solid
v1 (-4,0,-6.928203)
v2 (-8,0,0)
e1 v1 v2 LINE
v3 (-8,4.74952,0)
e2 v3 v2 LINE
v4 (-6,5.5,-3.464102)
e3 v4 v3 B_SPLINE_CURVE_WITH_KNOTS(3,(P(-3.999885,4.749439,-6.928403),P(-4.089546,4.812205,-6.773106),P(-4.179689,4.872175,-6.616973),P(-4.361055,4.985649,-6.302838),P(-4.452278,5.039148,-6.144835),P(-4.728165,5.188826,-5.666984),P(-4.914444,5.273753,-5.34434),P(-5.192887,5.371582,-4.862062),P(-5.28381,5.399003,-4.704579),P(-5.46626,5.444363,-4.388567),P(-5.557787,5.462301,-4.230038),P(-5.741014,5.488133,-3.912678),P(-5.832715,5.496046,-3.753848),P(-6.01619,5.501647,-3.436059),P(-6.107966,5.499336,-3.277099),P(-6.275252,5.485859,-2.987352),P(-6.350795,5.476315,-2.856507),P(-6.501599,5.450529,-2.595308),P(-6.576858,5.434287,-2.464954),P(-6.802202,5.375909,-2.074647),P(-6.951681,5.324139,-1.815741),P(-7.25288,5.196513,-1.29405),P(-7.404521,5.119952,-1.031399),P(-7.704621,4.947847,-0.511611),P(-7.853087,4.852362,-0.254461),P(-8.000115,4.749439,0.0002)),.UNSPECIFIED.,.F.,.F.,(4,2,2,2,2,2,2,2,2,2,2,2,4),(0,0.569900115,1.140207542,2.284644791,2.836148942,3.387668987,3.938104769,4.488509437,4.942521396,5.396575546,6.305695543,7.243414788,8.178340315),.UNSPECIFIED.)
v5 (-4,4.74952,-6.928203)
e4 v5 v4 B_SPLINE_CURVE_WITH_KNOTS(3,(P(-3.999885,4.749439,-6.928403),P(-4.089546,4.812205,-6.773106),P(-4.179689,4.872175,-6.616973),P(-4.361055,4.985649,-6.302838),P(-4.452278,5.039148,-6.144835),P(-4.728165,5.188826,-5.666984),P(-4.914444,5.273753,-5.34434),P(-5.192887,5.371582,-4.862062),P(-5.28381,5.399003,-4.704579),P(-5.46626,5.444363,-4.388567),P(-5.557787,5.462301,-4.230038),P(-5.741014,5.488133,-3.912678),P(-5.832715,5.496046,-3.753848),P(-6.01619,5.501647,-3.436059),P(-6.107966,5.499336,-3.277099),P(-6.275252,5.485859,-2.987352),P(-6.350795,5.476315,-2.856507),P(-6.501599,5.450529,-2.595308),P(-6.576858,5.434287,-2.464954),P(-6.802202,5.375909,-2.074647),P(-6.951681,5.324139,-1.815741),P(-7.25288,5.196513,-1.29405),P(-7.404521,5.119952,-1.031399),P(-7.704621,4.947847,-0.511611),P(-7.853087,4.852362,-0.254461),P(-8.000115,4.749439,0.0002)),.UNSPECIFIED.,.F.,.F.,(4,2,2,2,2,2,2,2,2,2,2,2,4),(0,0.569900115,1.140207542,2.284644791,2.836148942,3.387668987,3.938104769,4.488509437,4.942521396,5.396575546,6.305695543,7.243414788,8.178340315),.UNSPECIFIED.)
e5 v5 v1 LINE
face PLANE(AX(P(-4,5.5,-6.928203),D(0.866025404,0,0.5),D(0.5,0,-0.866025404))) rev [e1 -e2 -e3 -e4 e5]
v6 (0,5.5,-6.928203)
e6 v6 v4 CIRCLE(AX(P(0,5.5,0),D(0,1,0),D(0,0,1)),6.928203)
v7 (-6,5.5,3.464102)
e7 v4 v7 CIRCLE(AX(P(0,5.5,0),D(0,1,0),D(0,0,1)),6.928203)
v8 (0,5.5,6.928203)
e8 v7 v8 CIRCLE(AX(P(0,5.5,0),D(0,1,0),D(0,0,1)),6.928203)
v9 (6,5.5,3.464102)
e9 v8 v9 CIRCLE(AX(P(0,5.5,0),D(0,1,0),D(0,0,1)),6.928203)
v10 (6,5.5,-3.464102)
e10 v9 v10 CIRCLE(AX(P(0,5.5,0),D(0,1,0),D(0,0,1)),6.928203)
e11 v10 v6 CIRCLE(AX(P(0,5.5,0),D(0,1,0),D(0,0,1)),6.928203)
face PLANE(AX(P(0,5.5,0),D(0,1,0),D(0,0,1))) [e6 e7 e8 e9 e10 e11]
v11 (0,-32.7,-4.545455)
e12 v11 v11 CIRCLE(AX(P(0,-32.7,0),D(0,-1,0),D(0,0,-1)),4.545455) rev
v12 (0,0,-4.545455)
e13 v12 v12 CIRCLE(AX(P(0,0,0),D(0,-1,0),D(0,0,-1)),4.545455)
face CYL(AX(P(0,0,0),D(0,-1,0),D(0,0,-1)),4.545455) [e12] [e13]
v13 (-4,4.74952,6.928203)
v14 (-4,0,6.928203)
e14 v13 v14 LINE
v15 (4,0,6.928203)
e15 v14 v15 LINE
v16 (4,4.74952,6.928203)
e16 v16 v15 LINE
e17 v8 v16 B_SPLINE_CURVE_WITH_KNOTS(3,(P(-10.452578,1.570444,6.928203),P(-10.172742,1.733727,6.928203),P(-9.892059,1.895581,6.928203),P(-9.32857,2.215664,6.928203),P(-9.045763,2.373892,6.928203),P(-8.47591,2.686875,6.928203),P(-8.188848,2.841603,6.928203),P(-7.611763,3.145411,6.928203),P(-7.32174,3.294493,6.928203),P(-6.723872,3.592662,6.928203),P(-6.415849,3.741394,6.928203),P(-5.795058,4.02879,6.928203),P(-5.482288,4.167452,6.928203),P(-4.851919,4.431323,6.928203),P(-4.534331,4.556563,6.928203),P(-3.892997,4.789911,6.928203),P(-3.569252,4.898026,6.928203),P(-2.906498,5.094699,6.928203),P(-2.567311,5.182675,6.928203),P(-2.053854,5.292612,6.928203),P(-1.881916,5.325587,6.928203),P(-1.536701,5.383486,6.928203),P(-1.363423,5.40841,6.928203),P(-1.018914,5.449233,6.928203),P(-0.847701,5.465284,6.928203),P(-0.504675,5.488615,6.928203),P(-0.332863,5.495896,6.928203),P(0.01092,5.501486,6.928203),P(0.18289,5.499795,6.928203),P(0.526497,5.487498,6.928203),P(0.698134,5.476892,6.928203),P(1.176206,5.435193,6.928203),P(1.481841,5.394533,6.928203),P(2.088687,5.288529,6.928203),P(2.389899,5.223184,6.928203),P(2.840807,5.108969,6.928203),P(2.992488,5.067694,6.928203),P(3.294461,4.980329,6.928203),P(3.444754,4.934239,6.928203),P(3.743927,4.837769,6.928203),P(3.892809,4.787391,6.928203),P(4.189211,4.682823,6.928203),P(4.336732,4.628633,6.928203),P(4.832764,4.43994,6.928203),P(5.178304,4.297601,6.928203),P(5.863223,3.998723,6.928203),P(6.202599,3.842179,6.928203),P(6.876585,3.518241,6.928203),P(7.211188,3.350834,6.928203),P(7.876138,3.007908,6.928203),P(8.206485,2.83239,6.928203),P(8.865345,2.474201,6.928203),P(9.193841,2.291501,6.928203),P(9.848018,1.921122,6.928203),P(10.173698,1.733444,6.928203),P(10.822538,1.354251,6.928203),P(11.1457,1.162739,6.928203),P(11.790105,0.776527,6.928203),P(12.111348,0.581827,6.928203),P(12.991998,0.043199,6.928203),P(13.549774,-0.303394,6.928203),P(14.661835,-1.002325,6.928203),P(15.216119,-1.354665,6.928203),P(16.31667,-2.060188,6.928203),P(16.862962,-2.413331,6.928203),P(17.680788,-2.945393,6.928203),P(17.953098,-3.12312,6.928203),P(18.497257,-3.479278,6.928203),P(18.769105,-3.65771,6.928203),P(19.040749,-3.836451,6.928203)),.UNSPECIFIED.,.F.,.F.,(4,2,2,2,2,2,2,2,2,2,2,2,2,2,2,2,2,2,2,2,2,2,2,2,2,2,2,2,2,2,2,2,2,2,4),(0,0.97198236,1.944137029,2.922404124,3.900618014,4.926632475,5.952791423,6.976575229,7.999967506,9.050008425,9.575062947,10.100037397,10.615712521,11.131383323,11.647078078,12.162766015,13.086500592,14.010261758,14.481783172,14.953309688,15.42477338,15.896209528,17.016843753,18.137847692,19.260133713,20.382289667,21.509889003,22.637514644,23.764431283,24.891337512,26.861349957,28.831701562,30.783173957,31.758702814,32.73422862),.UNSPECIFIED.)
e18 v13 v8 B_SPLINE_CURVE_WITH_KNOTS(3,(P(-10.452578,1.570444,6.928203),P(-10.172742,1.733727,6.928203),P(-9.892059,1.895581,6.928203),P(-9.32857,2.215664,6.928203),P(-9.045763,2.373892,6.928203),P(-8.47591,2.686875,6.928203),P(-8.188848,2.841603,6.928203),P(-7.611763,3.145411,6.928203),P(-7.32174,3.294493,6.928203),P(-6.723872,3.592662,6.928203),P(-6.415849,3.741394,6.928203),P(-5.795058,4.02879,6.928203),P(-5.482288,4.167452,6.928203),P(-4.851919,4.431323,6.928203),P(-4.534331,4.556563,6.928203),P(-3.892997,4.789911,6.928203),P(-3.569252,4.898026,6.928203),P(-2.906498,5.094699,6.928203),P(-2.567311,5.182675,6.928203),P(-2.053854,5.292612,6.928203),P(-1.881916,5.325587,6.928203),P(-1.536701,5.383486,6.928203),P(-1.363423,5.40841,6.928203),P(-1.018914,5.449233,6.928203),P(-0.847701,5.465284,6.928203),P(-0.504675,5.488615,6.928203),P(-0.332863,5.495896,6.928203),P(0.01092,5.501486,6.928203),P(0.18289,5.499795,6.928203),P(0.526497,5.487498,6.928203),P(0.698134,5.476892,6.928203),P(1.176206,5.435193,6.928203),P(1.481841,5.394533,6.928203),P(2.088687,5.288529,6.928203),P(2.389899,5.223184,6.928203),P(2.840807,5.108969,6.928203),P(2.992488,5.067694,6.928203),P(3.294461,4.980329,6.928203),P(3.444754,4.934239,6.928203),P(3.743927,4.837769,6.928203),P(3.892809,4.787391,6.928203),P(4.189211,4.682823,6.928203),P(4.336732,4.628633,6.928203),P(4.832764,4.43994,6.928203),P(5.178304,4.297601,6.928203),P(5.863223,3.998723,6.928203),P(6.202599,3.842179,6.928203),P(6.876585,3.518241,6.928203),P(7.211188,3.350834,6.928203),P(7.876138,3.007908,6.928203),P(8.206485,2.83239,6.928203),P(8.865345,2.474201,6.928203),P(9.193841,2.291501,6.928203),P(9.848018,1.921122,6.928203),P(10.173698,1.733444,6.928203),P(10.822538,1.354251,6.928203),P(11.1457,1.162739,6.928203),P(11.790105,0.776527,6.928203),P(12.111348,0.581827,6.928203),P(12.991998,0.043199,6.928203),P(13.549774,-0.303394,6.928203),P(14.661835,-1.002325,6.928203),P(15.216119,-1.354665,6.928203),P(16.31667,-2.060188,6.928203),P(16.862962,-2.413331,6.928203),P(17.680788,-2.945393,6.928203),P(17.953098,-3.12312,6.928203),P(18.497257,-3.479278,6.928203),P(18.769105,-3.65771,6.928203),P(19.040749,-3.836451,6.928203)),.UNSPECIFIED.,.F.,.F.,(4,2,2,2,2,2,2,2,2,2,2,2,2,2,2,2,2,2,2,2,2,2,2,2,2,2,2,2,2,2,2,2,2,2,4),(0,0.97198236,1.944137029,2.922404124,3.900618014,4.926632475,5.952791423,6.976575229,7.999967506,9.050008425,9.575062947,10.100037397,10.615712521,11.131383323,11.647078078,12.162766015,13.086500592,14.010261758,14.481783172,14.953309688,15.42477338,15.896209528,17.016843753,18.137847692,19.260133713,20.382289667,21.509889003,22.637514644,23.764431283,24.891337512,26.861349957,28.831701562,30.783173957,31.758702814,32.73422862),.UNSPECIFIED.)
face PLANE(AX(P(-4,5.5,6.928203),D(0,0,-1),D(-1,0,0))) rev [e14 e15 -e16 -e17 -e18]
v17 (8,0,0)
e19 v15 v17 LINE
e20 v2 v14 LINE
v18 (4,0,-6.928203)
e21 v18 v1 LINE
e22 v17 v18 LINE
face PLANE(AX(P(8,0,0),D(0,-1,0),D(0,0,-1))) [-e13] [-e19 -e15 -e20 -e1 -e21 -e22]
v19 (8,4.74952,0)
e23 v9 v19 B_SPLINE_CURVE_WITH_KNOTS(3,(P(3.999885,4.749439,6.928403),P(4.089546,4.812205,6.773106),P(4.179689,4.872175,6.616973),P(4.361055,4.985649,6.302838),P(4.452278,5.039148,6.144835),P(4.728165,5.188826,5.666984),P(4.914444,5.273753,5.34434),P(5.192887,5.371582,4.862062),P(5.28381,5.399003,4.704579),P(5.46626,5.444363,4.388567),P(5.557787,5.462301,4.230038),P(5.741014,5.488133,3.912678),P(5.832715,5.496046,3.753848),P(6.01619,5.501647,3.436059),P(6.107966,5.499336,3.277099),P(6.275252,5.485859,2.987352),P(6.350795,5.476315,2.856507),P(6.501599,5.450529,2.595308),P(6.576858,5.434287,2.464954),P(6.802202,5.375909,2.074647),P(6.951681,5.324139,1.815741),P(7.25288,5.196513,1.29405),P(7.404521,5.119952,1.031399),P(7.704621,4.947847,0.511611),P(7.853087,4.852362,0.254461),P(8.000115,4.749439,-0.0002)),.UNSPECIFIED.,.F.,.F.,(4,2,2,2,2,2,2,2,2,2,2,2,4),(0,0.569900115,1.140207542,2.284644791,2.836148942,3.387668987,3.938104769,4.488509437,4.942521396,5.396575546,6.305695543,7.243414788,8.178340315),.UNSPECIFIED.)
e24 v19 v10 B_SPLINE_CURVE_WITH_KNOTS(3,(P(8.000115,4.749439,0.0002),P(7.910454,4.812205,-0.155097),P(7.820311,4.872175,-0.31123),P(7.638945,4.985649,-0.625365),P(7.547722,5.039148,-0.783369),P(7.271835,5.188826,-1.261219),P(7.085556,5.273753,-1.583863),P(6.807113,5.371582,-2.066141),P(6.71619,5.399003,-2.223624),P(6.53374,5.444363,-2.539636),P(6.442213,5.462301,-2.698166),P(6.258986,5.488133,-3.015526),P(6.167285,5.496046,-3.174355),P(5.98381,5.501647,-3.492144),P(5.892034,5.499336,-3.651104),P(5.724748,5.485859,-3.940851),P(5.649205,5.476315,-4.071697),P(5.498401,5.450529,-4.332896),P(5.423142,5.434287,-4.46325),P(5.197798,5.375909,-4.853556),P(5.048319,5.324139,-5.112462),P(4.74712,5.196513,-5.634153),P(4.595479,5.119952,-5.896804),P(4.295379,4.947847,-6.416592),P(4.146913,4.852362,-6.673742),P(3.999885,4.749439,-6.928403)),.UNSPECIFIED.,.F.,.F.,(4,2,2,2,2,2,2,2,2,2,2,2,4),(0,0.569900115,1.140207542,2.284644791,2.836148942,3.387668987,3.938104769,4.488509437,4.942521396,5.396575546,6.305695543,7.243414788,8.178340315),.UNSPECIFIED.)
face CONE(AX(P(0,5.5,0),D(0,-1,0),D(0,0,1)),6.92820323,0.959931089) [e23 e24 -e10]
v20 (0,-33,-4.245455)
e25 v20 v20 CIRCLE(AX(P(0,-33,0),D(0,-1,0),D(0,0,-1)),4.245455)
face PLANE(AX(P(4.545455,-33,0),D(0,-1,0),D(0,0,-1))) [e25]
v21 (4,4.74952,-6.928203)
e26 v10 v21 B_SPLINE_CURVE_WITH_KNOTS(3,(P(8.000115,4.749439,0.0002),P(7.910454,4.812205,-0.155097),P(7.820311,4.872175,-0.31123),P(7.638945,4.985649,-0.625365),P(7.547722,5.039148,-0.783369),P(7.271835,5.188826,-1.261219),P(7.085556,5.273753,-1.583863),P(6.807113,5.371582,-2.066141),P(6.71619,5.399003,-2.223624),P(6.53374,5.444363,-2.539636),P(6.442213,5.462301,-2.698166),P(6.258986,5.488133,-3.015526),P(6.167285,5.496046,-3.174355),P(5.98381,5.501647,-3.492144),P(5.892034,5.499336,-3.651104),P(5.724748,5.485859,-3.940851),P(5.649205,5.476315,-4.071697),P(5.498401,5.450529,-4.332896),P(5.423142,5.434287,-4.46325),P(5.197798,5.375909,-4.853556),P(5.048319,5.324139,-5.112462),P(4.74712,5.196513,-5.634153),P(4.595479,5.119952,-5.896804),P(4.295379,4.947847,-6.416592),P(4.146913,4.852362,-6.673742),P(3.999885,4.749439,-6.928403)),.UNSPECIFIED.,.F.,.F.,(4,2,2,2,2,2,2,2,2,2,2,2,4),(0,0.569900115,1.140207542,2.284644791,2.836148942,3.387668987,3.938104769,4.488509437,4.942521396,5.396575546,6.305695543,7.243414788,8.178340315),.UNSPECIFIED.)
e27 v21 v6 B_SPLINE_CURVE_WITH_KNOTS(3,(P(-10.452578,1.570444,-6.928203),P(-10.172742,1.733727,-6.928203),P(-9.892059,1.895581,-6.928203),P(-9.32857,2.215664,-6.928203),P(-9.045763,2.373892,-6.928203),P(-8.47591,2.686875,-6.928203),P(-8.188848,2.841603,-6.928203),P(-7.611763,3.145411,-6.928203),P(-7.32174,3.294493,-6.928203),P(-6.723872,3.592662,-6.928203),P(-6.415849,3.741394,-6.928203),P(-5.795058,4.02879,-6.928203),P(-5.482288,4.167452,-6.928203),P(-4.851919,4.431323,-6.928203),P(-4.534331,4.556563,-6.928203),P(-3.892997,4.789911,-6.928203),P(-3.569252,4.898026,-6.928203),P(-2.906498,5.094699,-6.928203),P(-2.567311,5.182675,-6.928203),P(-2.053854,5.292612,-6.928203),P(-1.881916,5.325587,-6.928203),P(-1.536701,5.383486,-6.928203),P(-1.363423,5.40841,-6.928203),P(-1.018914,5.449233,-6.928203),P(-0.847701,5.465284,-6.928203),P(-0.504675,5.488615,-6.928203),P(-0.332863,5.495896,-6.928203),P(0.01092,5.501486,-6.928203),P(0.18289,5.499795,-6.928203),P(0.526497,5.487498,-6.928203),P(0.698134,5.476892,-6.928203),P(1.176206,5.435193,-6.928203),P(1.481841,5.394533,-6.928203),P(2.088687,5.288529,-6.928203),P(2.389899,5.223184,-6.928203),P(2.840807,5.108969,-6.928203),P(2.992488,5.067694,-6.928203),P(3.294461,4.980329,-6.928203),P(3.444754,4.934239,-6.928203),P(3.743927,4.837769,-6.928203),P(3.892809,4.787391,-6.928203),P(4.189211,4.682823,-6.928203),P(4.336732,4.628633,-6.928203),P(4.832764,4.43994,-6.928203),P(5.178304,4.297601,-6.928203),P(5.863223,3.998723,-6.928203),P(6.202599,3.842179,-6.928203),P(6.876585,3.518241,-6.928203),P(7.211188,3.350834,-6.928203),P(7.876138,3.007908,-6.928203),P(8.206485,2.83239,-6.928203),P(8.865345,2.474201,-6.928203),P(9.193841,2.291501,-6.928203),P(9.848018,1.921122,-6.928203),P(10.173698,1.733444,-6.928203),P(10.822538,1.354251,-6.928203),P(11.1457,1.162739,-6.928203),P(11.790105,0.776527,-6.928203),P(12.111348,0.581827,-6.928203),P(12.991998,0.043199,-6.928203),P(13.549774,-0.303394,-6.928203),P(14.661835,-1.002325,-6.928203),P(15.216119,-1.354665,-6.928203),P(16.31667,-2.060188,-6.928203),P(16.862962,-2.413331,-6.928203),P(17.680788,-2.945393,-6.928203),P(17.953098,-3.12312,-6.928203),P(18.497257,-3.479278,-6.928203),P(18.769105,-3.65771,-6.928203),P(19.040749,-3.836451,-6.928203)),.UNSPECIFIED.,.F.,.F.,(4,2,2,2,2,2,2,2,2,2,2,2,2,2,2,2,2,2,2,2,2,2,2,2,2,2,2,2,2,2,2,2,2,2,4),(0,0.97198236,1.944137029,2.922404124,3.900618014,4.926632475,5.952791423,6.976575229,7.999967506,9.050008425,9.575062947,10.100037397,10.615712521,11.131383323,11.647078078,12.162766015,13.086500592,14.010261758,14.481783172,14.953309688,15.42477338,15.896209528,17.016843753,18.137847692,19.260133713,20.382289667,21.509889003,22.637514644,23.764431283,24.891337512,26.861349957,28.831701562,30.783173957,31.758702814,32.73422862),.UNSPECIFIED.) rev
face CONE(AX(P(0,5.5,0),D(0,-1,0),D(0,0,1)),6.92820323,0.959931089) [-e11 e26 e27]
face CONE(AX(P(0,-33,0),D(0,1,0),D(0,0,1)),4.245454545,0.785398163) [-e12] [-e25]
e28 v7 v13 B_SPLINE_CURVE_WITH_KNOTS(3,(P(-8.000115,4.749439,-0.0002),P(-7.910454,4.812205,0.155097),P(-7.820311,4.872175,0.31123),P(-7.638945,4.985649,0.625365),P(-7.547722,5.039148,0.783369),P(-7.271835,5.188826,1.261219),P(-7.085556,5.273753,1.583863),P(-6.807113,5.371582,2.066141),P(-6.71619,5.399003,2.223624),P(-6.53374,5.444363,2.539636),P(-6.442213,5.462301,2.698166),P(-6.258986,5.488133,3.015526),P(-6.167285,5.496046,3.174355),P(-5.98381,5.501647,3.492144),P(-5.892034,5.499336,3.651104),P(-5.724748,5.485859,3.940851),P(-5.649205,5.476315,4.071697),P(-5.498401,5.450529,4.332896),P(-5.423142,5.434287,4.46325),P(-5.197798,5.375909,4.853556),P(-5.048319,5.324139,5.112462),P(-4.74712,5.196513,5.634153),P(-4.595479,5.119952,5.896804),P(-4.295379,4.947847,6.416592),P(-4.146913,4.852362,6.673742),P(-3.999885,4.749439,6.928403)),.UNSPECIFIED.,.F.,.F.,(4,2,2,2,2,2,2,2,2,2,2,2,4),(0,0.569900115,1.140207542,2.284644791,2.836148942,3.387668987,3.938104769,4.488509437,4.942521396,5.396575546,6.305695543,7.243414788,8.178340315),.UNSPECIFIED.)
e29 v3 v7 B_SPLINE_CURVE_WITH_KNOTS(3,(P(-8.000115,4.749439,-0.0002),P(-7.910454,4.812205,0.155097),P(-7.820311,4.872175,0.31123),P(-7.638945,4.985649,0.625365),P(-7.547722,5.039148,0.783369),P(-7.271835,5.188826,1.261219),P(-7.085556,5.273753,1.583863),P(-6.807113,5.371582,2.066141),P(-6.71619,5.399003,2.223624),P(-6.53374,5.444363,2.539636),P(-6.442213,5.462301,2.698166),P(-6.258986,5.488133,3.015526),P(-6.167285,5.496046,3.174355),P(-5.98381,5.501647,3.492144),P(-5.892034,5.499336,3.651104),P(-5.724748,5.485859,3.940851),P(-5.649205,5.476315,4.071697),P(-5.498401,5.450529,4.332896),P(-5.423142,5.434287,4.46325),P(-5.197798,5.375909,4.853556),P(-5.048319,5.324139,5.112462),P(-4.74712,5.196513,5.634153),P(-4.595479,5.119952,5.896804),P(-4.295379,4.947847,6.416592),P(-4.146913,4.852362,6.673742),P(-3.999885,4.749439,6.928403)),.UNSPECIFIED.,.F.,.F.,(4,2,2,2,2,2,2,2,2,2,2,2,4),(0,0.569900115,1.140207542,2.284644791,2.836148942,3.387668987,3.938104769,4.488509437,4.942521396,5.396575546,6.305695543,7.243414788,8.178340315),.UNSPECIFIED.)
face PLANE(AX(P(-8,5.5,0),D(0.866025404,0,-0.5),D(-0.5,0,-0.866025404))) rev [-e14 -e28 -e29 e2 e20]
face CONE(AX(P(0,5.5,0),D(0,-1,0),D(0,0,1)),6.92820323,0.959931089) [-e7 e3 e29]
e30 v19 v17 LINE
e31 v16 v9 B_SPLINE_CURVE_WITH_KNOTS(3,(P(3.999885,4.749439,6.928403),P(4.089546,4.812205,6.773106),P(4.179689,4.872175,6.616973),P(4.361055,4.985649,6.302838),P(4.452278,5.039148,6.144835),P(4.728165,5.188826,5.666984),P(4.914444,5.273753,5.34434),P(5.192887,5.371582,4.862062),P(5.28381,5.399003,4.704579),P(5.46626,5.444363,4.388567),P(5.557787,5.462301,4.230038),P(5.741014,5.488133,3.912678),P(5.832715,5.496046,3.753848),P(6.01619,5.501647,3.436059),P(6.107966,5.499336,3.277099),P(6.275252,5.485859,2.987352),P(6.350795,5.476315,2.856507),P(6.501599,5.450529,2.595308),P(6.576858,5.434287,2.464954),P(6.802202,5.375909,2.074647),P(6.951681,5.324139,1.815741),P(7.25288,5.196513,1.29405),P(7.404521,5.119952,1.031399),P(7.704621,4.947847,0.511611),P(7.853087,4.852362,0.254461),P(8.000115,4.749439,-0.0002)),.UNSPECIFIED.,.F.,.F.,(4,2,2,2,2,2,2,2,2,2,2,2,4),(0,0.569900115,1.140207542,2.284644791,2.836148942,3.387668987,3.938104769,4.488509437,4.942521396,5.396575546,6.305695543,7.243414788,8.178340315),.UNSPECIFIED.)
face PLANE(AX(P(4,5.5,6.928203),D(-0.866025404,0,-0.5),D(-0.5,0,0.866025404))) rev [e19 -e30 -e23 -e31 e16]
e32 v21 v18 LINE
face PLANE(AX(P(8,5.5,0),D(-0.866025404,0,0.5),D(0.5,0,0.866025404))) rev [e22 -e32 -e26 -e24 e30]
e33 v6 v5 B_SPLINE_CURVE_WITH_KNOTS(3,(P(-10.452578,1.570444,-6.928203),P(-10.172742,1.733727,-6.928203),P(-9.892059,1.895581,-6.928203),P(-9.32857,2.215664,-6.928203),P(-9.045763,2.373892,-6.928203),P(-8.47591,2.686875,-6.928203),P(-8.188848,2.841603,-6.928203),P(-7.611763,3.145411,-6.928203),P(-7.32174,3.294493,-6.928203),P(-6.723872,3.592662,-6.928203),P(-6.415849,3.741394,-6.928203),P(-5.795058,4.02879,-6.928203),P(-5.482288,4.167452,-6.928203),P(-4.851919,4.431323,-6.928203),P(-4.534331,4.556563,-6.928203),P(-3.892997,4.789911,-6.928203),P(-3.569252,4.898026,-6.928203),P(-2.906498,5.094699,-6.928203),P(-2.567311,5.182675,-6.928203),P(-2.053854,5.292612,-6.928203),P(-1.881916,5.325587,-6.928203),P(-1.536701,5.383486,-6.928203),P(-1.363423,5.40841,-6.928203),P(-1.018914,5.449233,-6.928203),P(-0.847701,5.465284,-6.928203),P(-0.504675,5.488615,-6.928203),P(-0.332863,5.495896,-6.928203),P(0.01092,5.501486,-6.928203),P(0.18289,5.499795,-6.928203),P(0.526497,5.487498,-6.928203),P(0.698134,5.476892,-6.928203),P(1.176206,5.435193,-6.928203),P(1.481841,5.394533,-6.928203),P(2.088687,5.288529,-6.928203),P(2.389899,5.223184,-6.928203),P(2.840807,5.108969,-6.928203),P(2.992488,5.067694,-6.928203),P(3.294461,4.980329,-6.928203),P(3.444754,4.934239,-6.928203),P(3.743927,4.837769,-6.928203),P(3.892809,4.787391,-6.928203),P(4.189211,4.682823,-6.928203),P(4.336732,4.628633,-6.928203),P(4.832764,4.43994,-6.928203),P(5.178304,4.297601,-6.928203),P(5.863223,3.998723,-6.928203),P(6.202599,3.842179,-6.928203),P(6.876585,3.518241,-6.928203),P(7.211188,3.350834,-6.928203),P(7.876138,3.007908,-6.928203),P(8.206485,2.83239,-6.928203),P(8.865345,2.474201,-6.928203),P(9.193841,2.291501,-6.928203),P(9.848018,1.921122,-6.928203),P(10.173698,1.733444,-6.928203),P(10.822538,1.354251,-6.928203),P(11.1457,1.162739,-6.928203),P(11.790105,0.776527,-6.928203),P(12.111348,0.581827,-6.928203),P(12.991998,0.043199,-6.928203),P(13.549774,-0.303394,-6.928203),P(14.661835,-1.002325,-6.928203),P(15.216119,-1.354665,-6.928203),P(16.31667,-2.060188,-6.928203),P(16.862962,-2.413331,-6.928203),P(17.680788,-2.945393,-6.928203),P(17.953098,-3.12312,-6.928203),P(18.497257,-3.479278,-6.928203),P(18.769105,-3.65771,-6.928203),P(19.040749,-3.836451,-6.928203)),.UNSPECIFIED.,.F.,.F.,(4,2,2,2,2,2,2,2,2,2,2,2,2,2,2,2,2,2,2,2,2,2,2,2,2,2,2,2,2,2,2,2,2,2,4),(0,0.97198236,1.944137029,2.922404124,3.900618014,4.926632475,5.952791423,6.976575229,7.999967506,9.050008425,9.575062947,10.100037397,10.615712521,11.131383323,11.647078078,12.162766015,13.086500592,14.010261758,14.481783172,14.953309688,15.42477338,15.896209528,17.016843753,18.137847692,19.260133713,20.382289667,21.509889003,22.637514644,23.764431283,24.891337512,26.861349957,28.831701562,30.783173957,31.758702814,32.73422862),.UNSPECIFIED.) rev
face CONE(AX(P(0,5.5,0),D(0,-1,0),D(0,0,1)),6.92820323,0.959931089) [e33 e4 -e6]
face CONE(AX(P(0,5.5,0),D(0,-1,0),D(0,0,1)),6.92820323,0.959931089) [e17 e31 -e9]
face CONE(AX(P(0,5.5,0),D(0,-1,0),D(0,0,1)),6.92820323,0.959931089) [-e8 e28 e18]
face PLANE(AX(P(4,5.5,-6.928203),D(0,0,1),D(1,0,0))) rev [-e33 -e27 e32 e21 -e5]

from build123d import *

# Parameters (mm, degrees)
SKETCH_2_OUTSIDE_W  = 26.932
SKETCH_2_OUTSIDE_H  = 26.932
CUT_EXTRUDE_1_DEPTH = 5.5
CUT_EXTRUDE_START   = 5.5
SKETCH_3_OUTSIDE_W  = 34.642
SKETCH_3_OUTSIDE_H  = 32.498
SKETCH_3_OUTSIDE_R  = 6.92820323
CUT_EXTRUDE_2_DEPTH = 2.75
CUT_EXTRUDE_2_DRAFT = -55
CHAMFER_1_SIZE      = 0.3


with BuildPart() as part:
    # 草图1 → 旋转1 (revolve)
    with BuildSketch(Plane.XY, mode=Mode.PRIVATE) as revolve_1_sk:
        Polygon((0, 5.5), (8, 5.5), (8, 0), (4.545454545, 0), (4.545454545, -33), (0, -33), align=None)
    revolve(revolve_1_sk.sketch.rotate(Axis((0, 0, 0), (0, 1, 0)), 90), axis=Axis((0, 0, 0), (0, 1, 0)))

    # 草图2 outside → 切除-拉伸1 (cut)
    with BuildSketch(Plane(origin=(0, 0, 0), x_dir=(1, 0, 0), z_dir=(0, 1, 0))):
        Rectangle(SKETCH_2_OUTSIDE_W, SKETCH_2_OUTSIDE_H)
        Polygon((8, 0), (4, 6.92820323), (-4, 6.92820323), (-8, 0), (-4, -6.92820323), (4, -6.92820323), align=None, mode=Mode.SUBTRACT)
    extrude(amount=CUT_EXTRUDE_1_DEPTH, mode=Mode.SUBTRACT)


with BuildPart() as cut_extrude_2_tool:
    # 草图3 outside → 切除-拉伸2 (with draft: the straight prism first)
    with BuildSketch(Plane(origin=(0, 0, 0), x_dir=(1, 0, 0), z_dir=(0, 1, 0)).offset(CUT_EXTRUDE_START)):
        Rectangle(SKETCH_3_OUTSIDE_W, SKETCH_3_OUTSIDE_H)
        Circle(SKETCH_3_OUTSIDE_R, mode=Mode.SUBTRACT)
    extrude(amount=-CUT_EXTRUDE_2_DEPTH)
    # 切除-拉伸2: the draft: its side faces are tilted about the plane it starts from
    cut_extrude_2_sides = [cut_extrude_2_tool.faces().sort_by_distance(p)[0] for p in [
        (0, 4.125, 16.249),
        (17.321, 4.125, 0),
        (0, 4.125, -16.249),
        (-17.321, 4.125, 0),
        (-6.92820323, 4.125, 0),
    ]]
    draft(cut_extrude_2_sides, Plane(origin=(0, 0, 0), x_dir=(1, 0, 0), z_dir=(0, 1, 0)).offset(CUT_EXTRUDE_START), CUT_EXTRUDE_2_DRAFT)


with BuildPart() as part_1:
    add(part.part)

    # 切除-拉伸2: cut by cut_extrude_2_tool
    add(cut_extrude_2_tool.part, mode=Mode.SUBTRACT)

    # 倒角1
    chamfer_1_edges = [part_1.edges().sort_by_distance(p)[0] for p in [
        (0, -33, 4.545454545),
    ]]
    chamfer(chamfer_1_edges, length=CHAMFER_1_SIZE)


solid = part_1.part
